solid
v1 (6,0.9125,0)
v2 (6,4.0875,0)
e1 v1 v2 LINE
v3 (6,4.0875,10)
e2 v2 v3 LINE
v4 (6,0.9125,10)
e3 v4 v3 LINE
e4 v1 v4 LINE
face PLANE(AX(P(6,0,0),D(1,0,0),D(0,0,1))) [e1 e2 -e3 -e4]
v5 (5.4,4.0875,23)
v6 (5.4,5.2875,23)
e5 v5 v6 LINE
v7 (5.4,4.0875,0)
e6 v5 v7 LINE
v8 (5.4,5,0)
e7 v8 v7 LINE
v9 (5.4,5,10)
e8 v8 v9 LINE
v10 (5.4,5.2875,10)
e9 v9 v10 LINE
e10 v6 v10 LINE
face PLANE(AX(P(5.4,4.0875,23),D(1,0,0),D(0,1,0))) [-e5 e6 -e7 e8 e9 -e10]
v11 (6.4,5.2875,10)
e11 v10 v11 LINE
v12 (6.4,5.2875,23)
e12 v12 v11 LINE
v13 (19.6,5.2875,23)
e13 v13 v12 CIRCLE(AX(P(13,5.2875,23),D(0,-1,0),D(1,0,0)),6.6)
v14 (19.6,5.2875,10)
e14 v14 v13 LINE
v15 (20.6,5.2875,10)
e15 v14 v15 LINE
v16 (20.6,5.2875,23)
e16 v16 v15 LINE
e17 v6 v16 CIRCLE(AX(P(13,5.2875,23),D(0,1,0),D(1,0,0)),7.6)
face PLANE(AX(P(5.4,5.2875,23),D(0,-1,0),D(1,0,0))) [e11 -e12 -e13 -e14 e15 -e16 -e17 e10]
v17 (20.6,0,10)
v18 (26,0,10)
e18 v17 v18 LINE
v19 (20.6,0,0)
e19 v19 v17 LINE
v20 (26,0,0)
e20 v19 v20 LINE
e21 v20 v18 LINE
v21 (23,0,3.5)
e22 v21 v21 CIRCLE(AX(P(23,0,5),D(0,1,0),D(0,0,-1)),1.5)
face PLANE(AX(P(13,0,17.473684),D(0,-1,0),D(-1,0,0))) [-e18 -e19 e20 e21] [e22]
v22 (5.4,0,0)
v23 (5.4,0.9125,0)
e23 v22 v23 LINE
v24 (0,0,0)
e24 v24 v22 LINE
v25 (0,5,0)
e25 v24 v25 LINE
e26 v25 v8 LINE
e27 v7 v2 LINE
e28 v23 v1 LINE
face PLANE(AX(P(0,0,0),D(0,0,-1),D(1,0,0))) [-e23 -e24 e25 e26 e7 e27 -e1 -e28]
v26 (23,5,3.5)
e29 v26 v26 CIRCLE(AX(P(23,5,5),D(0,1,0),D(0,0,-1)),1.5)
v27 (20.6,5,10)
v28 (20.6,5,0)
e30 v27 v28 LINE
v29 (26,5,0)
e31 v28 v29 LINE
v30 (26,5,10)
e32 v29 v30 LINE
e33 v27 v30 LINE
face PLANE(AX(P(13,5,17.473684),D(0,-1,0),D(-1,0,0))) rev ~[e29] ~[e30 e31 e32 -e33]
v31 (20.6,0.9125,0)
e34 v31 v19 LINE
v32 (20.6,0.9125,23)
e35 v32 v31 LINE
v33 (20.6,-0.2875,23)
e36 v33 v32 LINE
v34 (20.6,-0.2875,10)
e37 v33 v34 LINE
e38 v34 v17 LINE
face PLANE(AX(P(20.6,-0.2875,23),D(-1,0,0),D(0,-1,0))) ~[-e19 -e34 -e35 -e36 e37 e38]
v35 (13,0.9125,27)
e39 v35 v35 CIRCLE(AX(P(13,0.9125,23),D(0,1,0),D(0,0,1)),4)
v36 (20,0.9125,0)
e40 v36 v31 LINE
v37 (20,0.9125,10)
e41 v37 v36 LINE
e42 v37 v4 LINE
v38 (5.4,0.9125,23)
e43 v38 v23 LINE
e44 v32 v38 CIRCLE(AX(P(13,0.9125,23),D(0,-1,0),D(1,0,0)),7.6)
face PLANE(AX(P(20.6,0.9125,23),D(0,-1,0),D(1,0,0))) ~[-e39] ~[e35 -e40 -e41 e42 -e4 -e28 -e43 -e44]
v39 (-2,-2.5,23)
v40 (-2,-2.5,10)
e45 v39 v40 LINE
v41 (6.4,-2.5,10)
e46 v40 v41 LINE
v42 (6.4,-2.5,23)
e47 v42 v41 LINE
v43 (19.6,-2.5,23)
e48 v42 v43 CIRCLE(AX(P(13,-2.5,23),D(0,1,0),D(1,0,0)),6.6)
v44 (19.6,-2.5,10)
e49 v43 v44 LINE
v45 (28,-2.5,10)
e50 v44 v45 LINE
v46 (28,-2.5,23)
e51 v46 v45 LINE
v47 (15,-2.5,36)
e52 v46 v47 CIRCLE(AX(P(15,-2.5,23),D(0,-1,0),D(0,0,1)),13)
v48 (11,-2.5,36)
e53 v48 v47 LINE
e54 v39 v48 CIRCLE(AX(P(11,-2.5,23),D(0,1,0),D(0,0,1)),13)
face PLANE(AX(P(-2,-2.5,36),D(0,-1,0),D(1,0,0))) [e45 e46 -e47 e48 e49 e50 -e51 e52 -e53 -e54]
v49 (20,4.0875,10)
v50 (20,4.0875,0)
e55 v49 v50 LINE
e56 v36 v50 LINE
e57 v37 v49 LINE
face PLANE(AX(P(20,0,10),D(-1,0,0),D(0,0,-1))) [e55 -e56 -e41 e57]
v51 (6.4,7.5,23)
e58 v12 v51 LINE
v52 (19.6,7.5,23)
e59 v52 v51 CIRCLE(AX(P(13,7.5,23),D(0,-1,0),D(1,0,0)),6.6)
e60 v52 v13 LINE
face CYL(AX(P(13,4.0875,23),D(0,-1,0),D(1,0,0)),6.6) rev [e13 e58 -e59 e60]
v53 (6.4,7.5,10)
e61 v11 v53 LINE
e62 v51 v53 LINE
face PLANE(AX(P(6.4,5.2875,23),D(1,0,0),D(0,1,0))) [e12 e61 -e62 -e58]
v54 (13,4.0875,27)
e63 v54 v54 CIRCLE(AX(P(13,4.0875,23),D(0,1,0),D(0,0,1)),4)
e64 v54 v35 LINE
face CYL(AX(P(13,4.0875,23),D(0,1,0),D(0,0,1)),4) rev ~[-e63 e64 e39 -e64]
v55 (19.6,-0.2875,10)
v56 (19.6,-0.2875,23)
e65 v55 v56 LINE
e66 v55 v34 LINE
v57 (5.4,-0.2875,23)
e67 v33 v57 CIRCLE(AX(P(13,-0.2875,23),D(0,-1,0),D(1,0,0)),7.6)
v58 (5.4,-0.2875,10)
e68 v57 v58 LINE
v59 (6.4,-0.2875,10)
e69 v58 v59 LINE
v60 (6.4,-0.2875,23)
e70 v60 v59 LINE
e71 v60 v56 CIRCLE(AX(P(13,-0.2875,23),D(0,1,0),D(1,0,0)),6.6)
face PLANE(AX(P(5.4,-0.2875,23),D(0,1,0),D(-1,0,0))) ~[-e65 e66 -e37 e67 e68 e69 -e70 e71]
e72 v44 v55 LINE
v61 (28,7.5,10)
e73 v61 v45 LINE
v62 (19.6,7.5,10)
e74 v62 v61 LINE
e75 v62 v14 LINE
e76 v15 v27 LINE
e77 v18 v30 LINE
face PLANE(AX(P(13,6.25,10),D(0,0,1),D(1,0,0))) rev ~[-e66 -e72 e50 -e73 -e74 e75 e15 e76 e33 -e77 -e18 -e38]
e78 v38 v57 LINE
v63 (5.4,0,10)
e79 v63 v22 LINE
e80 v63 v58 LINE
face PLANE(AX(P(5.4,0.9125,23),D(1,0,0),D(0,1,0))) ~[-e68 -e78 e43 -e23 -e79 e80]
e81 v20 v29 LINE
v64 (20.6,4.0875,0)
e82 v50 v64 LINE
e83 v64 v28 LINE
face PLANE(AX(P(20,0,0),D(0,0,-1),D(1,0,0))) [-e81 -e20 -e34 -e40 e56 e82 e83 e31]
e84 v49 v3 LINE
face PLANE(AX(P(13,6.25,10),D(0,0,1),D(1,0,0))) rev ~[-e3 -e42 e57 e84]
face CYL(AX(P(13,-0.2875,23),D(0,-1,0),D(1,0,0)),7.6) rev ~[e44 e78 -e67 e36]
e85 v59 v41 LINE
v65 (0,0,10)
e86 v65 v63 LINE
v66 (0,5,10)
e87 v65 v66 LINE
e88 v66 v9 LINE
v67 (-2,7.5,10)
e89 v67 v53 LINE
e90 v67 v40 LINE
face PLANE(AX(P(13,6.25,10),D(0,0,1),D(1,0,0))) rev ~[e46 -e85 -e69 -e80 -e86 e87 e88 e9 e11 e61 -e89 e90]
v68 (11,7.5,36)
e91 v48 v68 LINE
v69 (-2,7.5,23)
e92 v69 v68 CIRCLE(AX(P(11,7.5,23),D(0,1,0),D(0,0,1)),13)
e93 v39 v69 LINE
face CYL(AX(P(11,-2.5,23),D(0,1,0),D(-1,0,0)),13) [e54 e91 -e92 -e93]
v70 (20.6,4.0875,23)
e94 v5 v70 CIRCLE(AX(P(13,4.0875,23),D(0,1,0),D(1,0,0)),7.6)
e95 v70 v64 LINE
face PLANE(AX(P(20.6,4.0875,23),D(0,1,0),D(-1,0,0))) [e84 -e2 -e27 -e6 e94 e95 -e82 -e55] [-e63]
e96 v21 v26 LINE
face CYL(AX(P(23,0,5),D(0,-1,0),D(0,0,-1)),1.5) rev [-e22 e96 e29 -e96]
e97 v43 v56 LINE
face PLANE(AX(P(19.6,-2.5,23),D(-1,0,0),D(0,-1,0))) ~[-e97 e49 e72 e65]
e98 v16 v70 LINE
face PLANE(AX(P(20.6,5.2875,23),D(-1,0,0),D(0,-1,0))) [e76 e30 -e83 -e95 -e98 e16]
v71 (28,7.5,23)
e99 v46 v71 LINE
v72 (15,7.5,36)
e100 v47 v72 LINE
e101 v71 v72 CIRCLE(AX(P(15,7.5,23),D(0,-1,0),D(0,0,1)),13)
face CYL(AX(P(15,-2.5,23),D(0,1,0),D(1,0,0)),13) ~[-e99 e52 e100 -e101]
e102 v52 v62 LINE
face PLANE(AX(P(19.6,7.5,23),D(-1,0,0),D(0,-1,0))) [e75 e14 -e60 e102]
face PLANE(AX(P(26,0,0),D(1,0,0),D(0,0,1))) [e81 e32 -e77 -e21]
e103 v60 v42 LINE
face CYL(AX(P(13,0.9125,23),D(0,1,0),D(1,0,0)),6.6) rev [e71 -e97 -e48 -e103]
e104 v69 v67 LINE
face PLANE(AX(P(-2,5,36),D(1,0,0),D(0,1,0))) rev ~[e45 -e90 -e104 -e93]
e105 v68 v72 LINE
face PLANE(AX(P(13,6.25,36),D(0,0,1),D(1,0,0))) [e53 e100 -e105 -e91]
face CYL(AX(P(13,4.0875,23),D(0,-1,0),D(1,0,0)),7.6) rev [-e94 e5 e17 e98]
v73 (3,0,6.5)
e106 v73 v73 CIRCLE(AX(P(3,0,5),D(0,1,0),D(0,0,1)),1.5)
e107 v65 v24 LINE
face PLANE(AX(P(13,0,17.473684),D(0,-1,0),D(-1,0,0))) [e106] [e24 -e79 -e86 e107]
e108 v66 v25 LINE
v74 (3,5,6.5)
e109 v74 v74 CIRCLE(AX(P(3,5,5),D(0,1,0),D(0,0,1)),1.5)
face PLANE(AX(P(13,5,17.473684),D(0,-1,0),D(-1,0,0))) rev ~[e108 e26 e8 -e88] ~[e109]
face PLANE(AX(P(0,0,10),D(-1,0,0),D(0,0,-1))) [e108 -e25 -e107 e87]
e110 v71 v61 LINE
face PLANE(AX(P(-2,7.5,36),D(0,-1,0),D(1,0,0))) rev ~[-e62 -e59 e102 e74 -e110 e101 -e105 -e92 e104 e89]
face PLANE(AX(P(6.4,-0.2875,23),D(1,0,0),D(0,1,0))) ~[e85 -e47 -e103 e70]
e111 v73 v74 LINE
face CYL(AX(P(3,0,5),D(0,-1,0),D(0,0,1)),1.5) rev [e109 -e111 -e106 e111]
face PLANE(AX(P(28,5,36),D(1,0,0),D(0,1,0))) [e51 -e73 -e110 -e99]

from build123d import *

# Parameters (mm, degrees)
SKETCH1_R           = 1.5
BOSS_EXTRUDE1_DEPTH = 5
SKETCH2_W           = 30
SKETCH2_H           = 2.5
BOSS_EXTRUDE2_DEPTH = 26
FILLET1_R           = 13
CUT_EXTRUDE1_START  = -13
CUT_EXTRUDE1_DEPTH  = 52.939054945
SKETCH4_R           = 7.6
CUT_EXTRUDE2_DEPTH  = 1.2
SKETCH5_R           = 6.6
CUT_EXTRUDE3_DEPTH  = 47.080312024
CUT_EXTRUDE4_START  = 1.2
SKETCH6_R           = 7.6
CUT_EXTRUDE4_DEPTH  = 1.2
SKETCH7_R           = 6.6
CUT_EXTRUDE5_DEPTH  = 47.080312024
SKETCH8_R           = 4
CUT_EXTRUDE6_DEPTH  = 47.080312024


with BuildPart() as part:
    # Sketch1 → Boss-Extrude1 (new body)
    with BuildSketch(Plane(origin=(0, 0, 0), x_dir=(1, 0, 0), z_dir=(0, 1, 0))):
        Polygon((0, 0), (6, 0), (6, -10), (20, -10), (20, 0), (26, 0), (26, -10), (28, -10), (28, -36), (-2, -36), (-2, -10), (0, -10), align=None)
        with Locations(Location((3, -5, 0), (0, 0, 270))):
            Circle(SKETCH1_R, mode=Mode.SUBTRACT)
        with Locations(Location((23, -5, 0), (0, 0, 90))):
            Circle(SKETCH1_R, mode=Mode.SUBTRACT)
    extrude(amount=BOSS_EXTRUDE1_DEPTH)

    # Sketch2 → Boss-Extrude2 (add)
    with BuildSketch(Plane.XY.offset(36)):
        with Locations((13, 6.25)):
            Rectangle(SKETCH2_W, SKETCH2_H)
        with Locations((13, -1.25)):
            Rectangle(SKETCH2_W, SKETCH2_H)
    extrude(amount=-BOSS_EXTRUDE2_DEPTH)

    # Fillet1
    fillet1_edges = [part.edges().sort_by_distance(p)[0] for p in [
        (28, 2.5, 36),
        (-2, 2.5, 36),
    ]]
    fillet(fillet1_edges, radius=FILLET1_R)

    # Sketch3 → Cut-Extrude1 (cut)
    with BuildSketch(Plane(origin=(0, 0, 10), x_dir=(-1, 0, 0), z_dir=(0, 0, -1)).offset(CUT_EXTRUDE1_START)):
        Polygon((-19.6, 7.5), (-19.6, 5.2875), (-20.6, 5.2875), (-20.6, 4.0875), (-13, 4.0875), (-5.4, 4.0875), (-5.4, 5.2875), (-6.4, 5.2875), (-6.4, 7.5), align=None)
    cut_extrude1 = extrude(amount=CUT_EXTRUDE1_DEPTH, mode=Mode.SUBTRACT)

    # Sketch4 → Cut-Extrude2 (cut)
    with BuildSketch(Plane(origin=(0, 4.0875, 0), x_dir=(1, 0, 0), z_dir=(0, 1, 0))):
        with Locations((13, -23)):
            Circle(SKETCH4_R)
    extrude(amount=CUT_EXTRUDE2_DEPTH, mode=Mode.SUBTRACT)

    # Sketch5 → Cut-Extrude3 (cut, through all)
    with BuildSketch(Plane(origin=(0, 4.0875, 0), x_dir=(1, 0, 0), z_dir=(0, 1, 0))):
        with Locations((13, -23)):
            Circle(SKETCH5_R)
    extrude(amount=CUT_EXTRUDE3_DEPTH, mode=Mode.SUBTRACT)

    # Mirror1: Cut-Extrude1 across plane
    add(cut_extrude1.mirror(Plane(origin=(0, 2.5, 0), x_dir=(0, 0, 1), z_dir=(0, -1, 0))), mode=Mode.SUBTRACT)

    # Sketch6 → Cut-Extrude4 (cut)
    with BuildSketch(Plane.XZ.offset(-0.9125).offset(CUT_EXTRUDE4_START)):
        with Locations((13, 23)):
            Circle(SKETCH6_R)
    extrude(amount=-CUT_EXTRUDE4_DEPTH, mode=Mode.SUBTRACT)

    # Sketch7 → Cut-Extrude5 (cut, through all)
    with BuildSketch(Plane.XZ.offset(-0.9125)):
        with Locations((13, 23)):
            Circle(SKETCH7_R)
    extrude(amount=CUT_EXTRUDE5_DEPTH, mode=Mode.SUBTRACT)

    # Sketch8 → Cut-Extrude6 (cut, through all)
    with BuildSketch(Plane(origin=(0, 4.0875, 0), x_dir=(1, 0, 0), z_dir=(0, 1, 0))):
        with Locations(Location((13, -23, 0), (0, 0, 270))):
            Circle(SKETCH8_R)
    extrude(amount=-CUT_EXTRUDE6_DEPTH, mode=Mode.SUBTRACT)


solid = part.part
